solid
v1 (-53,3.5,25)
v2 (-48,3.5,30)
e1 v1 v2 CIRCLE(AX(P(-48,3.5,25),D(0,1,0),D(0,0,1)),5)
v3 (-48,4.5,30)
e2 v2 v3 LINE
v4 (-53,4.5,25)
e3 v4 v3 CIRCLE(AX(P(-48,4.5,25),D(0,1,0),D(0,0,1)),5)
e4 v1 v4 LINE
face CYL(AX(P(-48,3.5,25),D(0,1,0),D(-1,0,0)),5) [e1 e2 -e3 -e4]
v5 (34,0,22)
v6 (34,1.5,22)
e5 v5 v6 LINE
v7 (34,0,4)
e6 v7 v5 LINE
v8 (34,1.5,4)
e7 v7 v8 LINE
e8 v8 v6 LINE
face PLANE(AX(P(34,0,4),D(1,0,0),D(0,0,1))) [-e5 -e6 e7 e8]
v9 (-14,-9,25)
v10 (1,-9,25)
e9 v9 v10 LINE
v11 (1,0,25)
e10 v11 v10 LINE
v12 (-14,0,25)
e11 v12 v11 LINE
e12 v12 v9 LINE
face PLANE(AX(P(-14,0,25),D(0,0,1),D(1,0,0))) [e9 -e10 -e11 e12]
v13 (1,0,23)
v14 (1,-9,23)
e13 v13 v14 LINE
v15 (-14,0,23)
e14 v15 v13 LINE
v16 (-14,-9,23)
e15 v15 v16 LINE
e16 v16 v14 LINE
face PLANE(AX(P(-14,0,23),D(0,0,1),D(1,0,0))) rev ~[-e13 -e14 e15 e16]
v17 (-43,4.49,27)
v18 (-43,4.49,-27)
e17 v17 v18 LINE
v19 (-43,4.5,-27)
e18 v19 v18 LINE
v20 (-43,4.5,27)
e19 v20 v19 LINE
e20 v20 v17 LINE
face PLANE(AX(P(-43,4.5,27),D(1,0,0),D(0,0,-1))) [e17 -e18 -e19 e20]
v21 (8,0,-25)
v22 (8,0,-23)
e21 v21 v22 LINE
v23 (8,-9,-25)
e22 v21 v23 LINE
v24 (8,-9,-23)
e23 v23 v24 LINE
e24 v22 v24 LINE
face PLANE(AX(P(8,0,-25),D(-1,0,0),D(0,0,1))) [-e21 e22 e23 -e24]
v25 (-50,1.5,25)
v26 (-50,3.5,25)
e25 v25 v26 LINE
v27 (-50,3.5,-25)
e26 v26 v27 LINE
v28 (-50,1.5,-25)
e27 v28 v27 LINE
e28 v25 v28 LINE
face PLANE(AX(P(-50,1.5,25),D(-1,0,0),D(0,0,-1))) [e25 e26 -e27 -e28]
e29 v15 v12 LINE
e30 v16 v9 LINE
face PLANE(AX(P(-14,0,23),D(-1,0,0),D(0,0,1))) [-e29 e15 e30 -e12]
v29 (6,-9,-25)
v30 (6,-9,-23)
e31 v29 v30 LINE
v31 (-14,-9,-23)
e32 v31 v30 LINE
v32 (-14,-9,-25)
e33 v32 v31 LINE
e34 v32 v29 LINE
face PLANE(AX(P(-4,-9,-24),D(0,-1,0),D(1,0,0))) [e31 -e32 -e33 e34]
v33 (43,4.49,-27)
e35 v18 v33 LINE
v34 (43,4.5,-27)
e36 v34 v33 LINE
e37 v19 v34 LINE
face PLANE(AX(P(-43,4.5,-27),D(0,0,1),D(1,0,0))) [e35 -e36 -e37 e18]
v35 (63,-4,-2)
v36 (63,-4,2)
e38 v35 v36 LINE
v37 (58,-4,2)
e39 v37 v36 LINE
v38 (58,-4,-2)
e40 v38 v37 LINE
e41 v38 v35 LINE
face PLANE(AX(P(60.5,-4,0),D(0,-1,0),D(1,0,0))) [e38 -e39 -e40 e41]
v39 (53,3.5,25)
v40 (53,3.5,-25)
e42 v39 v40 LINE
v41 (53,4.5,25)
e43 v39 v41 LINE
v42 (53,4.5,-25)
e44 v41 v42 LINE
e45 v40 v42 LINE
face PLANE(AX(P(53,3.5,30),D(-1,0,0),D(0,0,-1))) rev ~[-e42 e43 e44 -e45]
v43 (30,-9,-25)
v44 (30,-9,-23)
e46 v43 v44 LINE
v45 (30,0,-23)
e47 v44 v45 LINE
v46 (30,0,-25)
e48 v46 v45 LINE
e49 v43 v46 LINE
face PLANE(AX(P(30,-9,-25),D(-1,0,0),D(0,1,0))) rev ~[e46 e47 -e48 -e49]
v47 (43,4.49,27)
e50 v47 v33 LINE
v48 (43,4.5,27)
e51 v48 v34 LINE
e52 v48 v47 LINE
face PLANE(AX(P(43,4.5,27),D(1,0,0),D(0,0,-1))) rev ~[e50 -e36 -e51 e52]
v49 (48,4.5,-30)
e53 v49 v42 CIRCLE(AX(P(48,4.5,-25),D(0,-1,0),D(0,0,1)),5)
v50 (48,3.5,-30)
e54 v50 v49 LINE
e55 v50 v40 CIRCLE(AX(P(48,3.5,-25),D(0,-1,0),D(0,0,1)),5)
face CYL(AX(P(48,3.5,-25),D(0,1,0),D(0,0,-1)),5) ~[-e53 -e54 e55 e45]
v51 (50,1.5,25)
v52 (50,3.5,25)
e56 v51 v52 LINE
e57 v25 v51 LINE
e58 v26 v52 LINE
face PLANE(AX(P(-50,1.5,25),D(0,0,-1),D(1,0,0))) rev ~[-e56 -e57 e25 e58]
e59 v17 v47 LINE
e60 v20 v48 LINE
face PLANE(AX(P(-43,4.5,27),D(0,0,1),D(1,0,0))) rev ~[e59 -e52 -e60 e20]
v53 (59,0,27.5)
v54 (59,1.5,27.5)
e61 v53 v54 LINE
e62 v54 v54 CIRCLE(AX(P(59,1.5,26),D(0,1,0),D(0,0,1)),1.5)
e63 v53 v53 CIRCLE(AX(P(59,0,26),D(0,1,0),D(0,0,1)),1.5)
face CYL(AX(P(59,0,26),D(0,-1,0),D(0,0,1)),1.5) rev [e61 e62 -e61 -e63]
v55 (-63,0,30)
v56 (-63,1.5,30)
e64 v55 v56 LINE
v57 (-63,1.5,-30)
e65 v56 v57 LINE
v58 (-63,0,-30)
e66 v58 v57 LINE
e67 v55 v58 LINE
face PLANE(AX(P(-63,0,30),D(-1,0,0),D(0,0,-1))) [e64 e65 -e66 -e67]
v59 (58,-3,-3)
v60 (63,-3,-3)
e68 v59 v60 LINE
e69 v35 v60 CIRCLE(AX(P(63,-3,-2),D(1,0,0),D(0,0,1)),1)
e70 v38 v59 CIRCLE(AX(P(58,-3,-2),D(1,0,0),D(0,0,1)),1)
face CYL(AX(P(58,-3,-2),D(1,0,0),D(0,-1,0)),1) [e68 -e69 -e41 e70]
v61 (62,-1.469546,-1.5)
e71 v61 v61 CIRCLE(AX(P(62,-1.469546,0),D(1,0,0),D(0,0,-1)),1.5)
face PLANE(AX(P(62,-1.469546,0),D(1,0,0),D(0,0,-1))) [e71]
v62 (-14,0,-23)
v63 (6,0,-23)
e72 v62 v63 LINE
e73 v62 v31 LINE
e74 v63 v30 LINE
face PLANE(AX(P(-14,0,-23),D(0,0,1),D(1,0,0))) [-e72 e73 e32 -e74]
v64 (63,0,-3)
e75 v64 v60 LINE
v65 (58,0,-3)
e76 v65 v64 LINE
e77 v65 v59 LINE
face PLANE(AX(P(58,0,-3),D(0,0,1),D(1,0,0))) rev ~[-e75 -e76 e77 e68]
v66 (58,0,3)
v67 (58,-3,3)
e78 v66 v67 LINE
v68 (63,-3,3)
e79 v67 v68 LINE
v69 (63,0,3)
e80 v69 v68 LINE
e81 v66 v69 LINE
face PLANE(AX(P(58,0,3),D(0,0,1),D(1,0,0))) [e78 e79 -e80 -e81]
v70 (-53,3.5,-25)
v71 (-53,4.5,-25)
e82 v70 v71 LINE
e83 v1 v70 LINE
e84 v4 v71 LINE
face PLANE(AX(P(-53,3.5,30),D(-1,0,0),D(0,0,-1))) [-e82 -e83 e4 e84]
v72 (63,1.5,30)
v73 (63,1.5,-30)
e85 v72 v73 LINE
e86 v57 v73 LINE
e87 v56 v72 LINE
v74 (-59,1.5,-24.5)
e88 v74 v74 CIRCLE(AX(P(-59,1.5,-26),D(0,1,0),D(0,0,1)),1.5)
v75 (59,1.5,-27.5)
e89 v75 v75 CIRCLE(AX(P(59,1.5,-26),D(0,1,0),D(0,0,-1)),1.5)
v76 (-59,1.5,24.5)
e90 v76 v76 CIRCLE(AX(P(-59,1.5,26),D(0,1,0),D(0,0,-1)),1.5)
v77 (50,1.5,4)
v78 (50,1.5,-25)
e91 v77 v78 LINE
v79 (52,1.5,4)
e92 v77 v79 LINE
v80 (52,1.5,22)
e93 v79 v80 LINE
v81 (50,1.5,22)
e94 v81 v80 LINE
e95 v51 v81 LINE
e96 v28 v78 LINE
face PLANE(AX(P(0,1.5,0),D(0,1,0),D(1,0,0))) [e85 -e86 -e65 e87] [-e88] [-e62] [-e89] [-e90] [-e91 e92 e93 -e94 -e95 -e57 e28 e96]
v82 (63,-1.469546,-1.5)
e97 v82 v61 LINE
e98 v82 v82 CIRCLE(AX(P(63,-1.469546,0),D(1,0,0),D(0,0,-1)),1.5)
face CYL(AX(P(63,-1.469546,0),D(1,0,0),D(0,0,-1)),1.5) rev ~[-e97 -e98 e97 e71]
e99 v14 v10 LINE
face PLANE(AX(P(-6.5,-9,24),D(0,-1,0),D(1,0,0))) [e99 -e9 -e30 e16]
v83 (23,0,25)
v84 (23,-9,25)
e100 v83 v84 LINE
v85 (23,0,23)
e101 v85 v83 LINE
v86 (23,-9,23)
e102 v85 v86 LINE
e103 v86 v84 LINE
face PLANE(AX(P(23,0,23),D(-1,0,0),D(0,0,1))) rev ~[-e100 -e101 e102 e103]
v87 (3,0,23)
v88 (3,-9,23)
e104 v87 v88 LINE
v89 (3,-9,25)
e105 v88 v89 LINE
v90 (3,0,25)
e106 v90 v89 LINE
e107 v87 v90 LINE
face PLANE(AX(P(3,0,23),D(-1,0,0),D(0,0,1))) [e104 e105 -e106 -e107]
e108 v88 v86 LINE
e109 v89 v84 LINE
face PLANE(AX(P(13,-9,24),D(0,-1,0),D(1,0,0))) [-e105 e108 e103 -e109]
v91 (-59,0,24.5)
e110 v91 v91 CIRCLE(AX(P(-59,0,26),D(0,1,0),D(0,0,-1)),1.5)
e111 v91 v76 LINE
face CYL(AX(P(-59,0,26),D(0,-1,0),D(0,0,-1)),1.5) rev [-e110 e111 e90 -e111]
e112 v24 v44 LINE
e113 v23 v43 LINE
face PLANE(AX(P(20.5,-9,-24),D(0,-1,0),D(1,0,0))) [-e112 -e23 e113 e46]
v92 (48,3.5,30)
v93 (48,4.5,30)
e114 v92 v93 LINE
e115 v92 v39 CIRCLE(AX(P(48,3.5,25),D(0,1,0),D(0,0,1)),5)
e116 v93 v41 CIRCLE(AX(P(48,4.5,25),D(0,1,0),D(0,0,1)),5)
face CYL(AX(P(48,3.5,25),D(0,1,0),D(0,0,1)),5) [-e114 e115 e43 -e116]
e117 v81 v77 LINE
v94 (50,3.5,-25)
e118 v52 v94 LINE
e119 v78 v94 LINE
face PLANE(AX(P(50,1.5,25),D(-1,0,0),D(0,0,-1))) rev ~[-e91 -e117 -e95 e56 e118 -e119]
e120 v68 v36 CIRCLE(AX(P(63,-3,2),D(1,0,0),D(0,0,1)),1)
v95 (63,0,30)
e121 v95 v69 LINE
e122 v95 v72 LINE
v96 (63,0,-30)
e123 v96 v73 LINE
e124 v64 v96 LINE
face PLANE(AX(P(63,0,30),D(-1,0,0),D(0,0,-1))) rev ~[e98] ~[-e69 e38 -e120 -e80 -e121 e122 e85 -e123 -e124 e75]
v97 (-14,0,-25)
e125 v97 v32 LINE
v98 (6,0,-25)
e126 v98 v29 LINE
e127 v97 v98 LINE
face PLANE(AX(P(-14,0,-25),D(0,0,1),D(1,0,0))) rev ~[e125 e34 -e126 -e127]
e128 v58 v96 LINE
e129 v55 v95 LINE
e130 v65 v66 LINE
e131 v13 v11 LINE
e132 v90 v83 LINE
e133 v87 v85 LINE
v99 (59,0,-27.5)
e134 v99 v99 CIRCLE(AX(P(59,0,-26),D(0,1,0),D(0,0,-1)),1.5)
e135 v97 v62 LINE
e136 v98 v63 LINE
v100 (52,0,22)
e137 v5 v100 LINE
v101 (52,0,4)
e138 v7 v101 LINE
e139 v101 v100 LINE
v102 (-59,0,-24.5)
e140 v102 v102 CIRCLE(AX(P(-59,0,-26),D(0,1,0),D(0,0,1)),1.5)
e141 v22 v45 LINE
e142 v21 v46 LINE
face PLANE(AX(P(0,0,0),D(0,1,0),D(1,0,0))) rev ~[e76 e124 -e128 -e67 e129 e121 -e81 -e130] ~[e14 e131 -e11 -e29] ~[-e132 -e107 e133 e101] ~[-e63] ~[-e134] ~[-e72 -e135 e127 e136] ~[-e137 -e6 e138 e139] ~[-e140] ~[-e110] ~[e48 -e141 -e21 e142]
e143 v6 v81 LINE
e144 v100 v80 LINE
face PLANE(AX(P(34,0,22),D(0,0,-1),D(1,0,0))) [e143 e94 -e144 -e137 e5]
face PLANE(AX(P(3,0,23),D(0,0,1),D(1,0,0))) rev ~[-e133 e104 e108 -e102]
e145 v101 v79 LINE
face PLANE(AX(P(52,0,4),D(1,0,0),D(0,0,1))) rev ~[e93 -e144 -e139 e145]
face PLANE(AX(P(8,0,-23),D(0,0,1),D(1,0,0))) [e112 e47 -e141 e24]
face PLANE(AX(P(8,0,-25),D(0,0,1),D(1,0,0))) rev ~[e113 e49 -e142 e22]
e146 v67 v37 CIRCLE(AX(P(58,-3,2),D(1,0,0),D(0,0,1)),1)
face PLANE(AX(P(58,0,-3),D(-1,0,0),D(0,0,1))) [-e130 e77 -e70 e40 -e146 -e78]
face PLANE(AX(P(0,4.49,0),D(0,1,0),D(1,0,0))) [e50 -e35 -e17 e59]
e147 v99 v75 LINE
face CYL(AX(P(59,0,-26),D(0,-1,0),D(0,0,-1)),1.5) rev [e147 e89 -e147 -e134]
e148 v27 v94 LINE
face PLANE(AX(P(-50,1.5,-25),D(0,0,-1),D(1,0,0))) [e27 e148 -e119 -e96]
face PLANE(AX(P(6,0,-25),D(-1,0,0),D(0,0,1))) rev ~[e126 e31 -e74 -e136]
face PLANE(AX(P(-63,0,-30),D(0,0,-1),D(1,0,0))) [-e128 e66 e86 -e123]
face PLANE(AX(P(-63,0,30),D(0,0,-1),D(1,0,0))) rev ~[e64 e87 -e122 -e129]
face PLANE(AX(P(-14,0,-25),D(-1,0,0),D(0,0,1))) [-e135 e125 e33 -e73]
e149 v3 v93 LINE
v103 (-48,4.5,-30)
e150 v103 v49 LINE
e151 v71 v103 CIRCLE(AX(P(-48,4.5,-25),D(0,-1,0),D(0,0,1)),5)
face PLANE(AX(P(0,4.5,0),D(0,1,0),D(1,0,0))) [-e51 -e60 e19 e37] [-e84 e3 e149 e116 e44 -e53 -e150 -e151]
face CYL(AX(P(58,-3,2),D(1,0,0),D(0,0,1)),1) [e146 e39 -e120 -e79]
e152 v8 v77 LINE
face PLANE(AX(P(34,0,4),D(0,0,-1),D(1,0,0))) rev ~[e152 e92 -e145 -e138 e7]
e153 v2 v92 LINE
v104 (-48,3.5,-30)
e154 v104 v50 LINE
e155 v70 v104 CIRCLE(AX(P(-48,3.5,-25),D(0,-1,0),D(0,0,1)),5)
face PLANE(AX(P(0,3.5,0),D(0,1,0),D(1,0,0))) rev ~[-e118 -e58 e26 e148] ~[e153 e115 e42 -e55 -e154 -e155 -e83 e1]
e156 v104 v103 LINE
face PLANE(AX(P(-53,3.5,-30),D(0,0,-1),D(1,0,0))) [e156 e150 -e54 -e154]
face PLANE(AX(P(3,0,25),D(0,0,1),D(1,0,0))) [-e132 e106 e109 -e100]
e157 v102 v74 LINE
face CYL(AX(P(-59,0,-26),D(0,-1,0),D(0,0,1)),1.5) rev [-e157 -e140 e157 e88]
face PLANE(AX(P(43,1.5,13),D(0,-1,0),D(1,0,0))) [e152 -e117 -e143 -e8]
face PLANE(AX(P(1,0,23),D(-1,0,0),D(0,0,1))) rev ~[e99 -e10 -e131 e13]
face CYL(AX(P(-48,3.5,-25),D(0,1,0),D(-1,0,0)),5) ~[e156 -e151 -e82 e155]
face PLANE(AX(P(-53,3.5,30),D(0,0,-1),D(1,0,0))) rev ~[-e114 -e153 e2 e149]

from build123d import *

# Parameters (mm, degrees)
SKETCH1_W           = 126
SKETCH1_H           = 60
SKETCH1_R           = 1.5
BOSS_EXTRUDE1_DEPTH = 1.5
SKETCH2_W           = 100
SKETCH2_H           = 50
BOSS_EXTRUDE2_DEPTH = 2
SKETCH3_W           = 106
SKETCH3_H           = 60
BOSS_EXTRUDE3_DEPTH = 1
FILLET1_R           = 5
SKETCH4_W           = 86
SKETCH4_H           = 54
CUT_EXTRUDE1_DEPTH  = 0.01
SKETCH6_W           = 18
SKETCH6_H           = 18
CUT_EXTRUDE2_DEPTH  = 1.5
SKETCH7_W           = 20
SKETCH7_H           = 2
SKETCH7_W_2         = 15
SKETCH7_W_3         = 25
BOSS_EXTRUDE4_DEPTH = 9
SKETCH8_W           = 3
SKETCH8_H           = 9
CUT_EXTRUDE3_DEPTH  = 2
SKETCH9_W           = 5
SKETCH9_H           = 6
BOSS_EXTRUDE5_DEPTH = 4
SKETCH10_R          = 1.5
CUT_EXTRUDE4_DEPTH  = 1
FILLET2_R           = 1


with BuildPart() as part:
    # Sketch1 → Boss-Extrude1 (new body)
    with BuildSketch(Plane(origin=(0, 0, 0), x_dir=(1, 0, 0), z_dir=(0, 1, 0))):
        Rectangle(SKETCH1_W, SKETCH1_H)
        with Locations(Location((-59, 26, 0), (0, 0, 270))):
            Circle(SKETCH1_R, mode=Mode.SUBTRACT)
        with Locations(Location((-59, -26, 0), (0, 0, 90))):
            Circle(SKETCH1_R, mode=Mode.SUBTRACT)
        with Locations(Location((59, -26, 0), (0, 0, 270))):
            Circle(SKETCH1_R, mode=Mode.SUBTRACT)
        with Locations(Location((59, 26, 0), (0, 0, 90))):
            Circle(SKETCH1_R, mode=Mode.SUBTRACT)
    extrude(amount=BOSS_EXTRUDE1_DEPTH)

    # Sketch2 → Boss-Extrude2 (add)
    with BuildSketch(Plane(origin=(0, 1.5, 0), x_dir=(1, 0, 0), z_dir=(0, 1, 0))):
        Rectangle(SKETCH2_W, SKETCH2_H)
    extrude(amount=BOSS_EXTRUDE2_DEPTH)

    # Sketch3 → Boss-Extrude3 (add)
    with BuildSketch(Plane(origin=(0, 3.5, 0), x_dir=(1, 0, 0), z_dir=(0, 1, 0))):
        Rectangle(SKETCH3_W, SKETCH3_H)
    extrude(amount=BOSS_EXTRUDE3_DEPTH)

    # Fillet1
    fillet1_edges = [part.edges().sort_by_distance(p)[0] for p in [
        (53, 4, 30),
        (53, 4, -30),
        (-53, 4, -30),
        (-53, 4, 30),
    ]]
    fillet(fillet1_edges, radius=FILLET1_R)

    # Sketch4 → Cut-Extrude1 (cut)
    with BuildSketch(Plane(origin=(0, 4.5, 0), x_dir=(1, 0, 0), z_dir=(0, 1, 0))):
        Rectangle(SKETCH4_W, SKETCH4_H)
    extrude(amount=-CUT_EXTRUDE1_DEPTH, mode=Mode.SUBTRACT)

    # Sketch6 → Cut-Extrude2 (cut)
    with BuildSketch(Plane.XZ):
        with Locations((43, 13)):
            Rectangle(SKETCH6_W, SKETCH6_H)
    extrude(amount=-CUT_EXTRUDE2_DEPTH, mode=Mode.SUBTRACT)

    # Sketch7 → Boss-Extrude4 (add)
    with BuildSketch(Plane.XZ):
        with Locations((13, 24)):
            Rectangle(SKETCH7_W, SKETCH7_H)
        with Locations((-6.5, 24)):
            Rectangle(SKETCH7_W_2, SKETCH7_H)
        with Locations((20.5, -24)):
            Rectangle(SKETCH7_W_3, SKETCH7_H)
        with Locations((-4, -24)):
            Rectangle(SKETCH7_W, SKETCH7_H)
    extrude(amount=BOSS_EXTRUDE4_DEPTH)

    # Sketch8 → Cut-Extrude3 (cut)
    with BuildSketch(Plane(origin=(0, 0, -25), x_dir=(-1, 0, 0), z_dir=(0, 0, -1))):
        with Locations((-31.5, -4.5)):
            Rectangle(SKETCH8_W, SKETCH8_H)
    extrude(amount=-CUT_EXTRUDE3_DEPTH, mode=Mode.SUBTRACT)

    # Sketch9 → Boss-Extrude5 (add)
    with BuildSketch(Plane.XZ):
        with Locations((60.5, 0)):
            Rectangle(SKETCH9_W, SKETCH9_H)
    extrude(amount=BOSS_EXTRUDE5_DEPTH)

    # Sketch10 → Cut-Extrude4 (cut)
    with BuildSketch(Plane(origin=(63, 0, 0), x_dir=(0, 0, -1), z_dir=(1, 0, 0))):
        with Locations((0, -1.469545864)):
            Circle(SKETCH10_R)
    extrude(amount=-CUT_EXTRUDE4_DEPTH, mode=Mode.SUBTRACT)

    # Fillet2
    fillet2_edges = [part.edges().sort_by_distance(p)[0] for p in [
        (60.5, -4, 3),
        (60.5, -4, -3),
    ]]
    fillet(fillet2_edges, radius=FILLET2_R)


solid = part.part
